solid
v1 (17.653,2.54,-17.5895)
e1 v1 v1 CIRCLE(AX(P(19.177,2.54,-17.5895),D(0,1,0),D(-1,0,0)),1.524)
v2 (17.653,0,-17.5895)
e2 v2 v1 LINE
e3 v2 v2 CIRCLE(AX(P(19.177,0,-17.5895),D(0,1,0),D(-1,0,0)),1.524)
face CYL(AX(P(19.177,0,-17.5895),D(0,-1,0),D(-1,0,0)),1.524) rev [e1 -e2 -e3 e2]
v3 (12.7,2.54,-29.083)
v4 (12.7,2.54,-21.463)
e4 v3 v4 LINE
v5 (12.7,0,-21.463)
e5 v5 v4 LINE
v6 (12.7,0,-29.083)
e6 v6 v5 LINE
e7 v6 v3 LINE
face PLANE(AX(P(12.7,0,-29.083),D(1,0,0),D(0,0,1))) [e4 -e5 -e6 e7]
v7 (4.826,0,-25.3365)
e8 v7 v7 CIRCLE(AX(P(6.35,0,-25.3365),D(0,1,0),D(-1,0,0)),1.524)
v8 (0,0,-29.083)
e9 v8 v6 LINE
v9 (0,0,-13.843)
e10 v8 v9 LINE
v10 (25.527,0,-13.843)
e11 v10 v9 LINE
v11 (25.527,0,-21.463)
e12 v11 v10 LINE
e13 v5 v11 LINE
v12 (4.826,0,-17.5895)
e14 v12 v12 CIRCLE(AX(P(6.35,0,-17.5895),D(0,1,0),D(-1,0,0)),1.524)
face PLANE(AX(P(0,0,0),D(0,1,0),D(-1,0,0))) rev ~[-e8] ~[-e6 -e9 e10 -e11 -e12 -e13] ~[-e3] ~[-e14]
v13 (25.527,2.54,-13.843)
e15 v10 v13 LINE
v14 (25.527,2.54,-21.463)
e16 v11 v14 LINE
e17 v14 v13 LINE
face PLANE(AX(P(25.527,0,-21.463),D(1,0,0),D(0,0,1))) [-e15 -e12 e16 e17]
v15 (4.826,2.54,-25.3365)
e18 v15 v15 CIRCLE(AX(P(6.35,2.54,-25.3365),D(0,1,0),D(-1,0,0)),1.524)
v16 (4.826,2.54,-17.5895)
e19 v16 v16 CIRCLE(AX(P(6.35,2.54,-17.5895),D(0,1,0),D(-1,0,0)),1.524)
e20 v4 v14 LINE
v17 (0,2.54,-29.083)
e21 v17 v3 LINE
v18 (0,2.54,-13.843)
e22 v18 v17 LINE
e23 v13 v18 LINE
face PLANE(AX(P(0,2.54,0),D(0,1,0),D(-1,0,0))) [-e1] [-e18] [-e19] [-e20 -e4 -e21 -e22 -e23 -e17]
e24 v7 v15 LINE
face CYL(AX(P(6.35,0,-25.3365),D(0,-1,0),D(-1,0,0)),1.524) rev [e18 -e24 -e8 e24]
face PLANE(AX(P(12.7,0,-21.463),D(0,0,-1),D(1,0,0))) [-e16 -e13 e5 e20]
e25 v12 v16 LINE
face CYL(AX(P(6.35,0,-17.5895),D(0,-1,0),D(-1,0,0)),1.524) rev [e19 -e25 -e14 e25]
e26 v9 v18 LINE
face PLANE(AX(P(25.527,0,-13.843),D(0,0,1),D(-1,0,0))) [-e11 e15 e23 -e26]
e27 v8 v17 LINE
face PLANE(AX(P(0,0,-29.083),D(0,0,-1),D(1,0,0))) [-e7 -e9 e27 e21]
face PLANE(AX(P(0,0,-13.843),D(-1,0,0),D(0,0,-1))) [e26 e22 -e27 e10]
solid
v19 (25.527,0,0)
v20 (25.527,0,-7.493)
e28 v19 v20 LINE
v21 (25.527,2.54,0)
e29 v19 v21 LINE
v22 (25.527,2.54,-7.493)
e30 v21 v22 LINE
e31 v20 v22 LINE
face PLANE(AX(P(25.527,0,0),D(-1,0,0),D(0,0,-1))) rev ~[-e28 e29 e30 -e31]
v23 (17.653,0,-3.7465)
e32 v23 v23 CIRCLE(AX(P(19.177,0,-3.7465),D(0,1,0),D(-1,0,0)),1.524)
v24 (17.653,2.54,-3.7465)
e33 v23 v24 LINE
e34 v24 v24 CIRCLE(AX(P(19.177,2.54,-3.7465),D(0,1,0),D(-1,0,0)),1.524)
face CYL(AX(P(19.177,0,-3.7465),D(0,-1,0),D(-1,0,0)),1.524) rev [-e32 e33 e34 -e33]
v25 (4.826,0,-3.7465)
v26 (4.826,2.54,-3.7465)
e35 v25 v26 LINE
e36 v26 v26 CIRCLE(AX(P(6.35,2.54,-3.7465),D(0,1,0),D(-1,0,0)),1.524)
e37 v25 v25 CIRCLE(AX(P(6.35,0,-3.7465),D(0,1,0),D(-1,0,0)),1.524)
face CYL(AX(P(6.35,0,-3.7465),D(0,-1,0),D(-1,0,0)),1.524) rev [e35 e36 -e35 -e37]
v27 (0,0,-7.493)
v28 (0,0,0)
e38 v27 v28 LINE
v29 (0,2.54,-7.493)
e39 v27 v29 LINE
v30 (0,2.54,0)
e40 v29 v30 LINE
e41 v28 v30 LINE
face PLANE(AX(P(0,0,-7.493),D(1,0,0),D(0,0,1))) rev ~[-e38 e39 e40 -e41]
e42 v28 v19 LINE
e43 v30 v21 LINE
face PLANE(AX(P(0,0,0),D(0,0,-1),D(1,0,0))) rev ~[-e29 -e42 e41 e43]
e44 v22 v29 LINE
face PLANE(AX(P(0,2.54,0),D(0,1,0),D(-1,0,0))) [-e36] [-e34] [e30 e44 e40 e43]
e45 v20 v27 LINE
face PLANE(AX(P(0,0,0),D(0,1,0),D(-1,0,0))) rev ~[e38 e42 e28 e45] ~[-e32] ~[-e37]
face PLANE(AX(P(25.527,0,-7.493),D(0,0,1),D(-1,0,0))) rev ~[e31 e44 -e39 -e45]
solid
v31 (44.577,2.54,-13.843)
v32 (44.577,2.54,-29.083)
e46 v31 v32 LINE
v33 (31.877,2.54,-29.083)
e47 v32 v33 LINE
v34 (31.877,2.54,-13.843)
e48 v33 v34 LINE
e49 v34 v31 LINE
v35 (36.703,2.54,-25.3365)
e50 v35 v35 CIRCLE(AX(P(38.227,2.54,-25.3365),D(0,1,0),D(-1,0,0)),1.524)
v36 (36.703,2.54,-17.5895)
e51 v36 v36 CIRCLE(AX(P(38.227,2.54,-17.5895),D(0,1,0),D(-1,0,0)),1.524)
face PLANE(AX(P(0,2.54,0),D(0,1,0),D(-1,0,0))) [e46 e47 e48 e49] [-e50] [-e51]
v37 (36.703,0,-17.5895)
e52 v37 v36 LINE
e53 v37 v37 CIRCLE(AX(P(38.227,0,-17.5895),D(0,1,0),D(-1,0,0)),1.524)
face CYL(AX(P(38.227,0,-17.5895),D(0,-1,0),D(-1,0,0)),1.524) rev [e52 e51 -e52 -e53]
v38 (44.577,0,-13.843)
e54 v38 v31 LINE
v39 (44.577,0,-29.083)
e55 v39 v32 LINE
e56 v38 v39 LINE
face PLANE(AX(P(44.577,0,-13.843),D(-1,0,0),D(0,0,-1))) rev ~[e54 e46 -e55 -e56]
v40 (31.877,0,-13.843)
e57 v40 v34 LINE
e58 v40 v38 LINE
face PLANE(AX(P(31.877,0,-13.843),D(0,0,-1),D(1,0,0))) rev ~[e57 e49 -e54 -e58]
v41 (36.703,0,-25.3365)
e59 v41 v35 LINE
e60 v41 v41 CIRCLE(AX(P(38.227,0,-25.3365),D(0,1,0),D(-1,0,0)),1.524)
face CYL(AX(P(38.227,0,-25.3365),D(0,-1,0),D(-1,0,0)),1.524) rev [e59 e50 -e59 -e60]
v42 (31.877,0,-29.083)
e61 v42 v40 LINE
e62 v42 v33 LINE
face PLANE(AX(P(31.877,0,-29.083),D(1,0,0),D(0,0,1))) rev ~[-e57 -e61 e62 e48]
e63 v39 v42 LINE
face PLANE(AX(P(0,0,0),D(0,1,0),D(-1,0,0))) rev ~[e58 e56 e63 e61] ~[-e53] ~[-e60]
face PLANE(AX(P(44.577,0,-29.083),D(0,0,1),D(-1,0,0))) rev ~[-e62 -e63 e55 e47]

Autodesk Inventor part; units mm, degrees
ref_plane "YZ Plane" through (0, 0, 0) normal (1, 0, 0) x (0, 1, 0)
ref_plane "XZ Plane" through (0, 0, 0) normal (0, 1, 0) x (-1, 0, 0)
ref_plane "XY Plane" through (0, 0, 0) normal (0, 0, 1) x (1, 0, 0)
sketch "Sketch1" plane through (0, 0, 0) normal (0, 1, 0) x (-1, 0, 0)
  line L0 (0, 0) -> (-25.527, 0)
  line L1 (-25.527, 0) -> (-25.527, -7.493)
  line L2 (-25.527, -7.493) -> (0, -7.493)
  line L3 (0, -7.493) -> (0, 0)
  circle A0 centre (-6.35, -3.7465) radius 1.524
  circle A1 centre (-19.177, -3.7465) radius 1.524
  line L4 (-12.7, -21.463) -> (-25.527, -21.463)
  line L5 (-25.527, -21.463) -> (-25.527, -13.843)
  line L6 (-25.527, -13.843) -> (0, -13.843)
  line L7 (0, -13.843) -> (0, -21.463)
  line L8 (0, -29.083) -> (-12.7, -29.083)
  line L9 (-12.7, -29.083) -> (-12.7, -21.463)
  line L10 (0, -21.463) -> (0, -29.083)
  circle A2 centre (-6.35, -17.5895) radius 1.524
  circle A3 centre (-19.177, -17.5895) radius 1.524
  circle A4 centre (-6.35, -25.3365) radius 1.524
  line L11 (-31.877, -13.843) -> (-44.577, -13.843)
  line L12 (-44.577, -13.843) -> (-44.577, -29.083)
  line L13 (-44.577, -29.083) -> (-31.877, -29.083)
  line L14 (-31.877, -29.083) -> (-31.877, -13.843)
  circle A5 centre (-38.227, -17.5895) radius 1.524
  circle A6 centre (-38.227, -25.3365) radius 1.524
  point P0 (-25.527, -17.653)
  dimension "d1" = 7.493
  dimension "d2" = 25.527
  dimension "d3" = 3.048
  dimension "d4" = 3.7465
  dimension "d5" = 6.35
  dimension "d6" = 6.35
  dimension "d8" = 3.048
  dimension "d9" = 6.35
  dimension "d10" = 7.62
  dimension "d11" = 7.62
  dimension "d12" = 12.7
  dimension "d13" = 3.048
  dimension "d14" = 6.35
  dimension "d15" = 3.7465
  dimension "d16" = 3.048
  dimension "d17" = 6.35
  dimension "d18" = 3.048
  dimension "d19" = 3.7465
  dimension "d20" = 12.7
  dimension "d21" = 6.35
  dimension "d22" = 3.048
  dimension "d23" = 6.35
  dimension "d24" = 3.7465
  dimension "d25" = 3.048
  dimension "d26" = 3.7465
extrude "Extrusion1" add sketch "Sketch1" along normal blind 2.54
properties part number "LatchBankGussetSet"
